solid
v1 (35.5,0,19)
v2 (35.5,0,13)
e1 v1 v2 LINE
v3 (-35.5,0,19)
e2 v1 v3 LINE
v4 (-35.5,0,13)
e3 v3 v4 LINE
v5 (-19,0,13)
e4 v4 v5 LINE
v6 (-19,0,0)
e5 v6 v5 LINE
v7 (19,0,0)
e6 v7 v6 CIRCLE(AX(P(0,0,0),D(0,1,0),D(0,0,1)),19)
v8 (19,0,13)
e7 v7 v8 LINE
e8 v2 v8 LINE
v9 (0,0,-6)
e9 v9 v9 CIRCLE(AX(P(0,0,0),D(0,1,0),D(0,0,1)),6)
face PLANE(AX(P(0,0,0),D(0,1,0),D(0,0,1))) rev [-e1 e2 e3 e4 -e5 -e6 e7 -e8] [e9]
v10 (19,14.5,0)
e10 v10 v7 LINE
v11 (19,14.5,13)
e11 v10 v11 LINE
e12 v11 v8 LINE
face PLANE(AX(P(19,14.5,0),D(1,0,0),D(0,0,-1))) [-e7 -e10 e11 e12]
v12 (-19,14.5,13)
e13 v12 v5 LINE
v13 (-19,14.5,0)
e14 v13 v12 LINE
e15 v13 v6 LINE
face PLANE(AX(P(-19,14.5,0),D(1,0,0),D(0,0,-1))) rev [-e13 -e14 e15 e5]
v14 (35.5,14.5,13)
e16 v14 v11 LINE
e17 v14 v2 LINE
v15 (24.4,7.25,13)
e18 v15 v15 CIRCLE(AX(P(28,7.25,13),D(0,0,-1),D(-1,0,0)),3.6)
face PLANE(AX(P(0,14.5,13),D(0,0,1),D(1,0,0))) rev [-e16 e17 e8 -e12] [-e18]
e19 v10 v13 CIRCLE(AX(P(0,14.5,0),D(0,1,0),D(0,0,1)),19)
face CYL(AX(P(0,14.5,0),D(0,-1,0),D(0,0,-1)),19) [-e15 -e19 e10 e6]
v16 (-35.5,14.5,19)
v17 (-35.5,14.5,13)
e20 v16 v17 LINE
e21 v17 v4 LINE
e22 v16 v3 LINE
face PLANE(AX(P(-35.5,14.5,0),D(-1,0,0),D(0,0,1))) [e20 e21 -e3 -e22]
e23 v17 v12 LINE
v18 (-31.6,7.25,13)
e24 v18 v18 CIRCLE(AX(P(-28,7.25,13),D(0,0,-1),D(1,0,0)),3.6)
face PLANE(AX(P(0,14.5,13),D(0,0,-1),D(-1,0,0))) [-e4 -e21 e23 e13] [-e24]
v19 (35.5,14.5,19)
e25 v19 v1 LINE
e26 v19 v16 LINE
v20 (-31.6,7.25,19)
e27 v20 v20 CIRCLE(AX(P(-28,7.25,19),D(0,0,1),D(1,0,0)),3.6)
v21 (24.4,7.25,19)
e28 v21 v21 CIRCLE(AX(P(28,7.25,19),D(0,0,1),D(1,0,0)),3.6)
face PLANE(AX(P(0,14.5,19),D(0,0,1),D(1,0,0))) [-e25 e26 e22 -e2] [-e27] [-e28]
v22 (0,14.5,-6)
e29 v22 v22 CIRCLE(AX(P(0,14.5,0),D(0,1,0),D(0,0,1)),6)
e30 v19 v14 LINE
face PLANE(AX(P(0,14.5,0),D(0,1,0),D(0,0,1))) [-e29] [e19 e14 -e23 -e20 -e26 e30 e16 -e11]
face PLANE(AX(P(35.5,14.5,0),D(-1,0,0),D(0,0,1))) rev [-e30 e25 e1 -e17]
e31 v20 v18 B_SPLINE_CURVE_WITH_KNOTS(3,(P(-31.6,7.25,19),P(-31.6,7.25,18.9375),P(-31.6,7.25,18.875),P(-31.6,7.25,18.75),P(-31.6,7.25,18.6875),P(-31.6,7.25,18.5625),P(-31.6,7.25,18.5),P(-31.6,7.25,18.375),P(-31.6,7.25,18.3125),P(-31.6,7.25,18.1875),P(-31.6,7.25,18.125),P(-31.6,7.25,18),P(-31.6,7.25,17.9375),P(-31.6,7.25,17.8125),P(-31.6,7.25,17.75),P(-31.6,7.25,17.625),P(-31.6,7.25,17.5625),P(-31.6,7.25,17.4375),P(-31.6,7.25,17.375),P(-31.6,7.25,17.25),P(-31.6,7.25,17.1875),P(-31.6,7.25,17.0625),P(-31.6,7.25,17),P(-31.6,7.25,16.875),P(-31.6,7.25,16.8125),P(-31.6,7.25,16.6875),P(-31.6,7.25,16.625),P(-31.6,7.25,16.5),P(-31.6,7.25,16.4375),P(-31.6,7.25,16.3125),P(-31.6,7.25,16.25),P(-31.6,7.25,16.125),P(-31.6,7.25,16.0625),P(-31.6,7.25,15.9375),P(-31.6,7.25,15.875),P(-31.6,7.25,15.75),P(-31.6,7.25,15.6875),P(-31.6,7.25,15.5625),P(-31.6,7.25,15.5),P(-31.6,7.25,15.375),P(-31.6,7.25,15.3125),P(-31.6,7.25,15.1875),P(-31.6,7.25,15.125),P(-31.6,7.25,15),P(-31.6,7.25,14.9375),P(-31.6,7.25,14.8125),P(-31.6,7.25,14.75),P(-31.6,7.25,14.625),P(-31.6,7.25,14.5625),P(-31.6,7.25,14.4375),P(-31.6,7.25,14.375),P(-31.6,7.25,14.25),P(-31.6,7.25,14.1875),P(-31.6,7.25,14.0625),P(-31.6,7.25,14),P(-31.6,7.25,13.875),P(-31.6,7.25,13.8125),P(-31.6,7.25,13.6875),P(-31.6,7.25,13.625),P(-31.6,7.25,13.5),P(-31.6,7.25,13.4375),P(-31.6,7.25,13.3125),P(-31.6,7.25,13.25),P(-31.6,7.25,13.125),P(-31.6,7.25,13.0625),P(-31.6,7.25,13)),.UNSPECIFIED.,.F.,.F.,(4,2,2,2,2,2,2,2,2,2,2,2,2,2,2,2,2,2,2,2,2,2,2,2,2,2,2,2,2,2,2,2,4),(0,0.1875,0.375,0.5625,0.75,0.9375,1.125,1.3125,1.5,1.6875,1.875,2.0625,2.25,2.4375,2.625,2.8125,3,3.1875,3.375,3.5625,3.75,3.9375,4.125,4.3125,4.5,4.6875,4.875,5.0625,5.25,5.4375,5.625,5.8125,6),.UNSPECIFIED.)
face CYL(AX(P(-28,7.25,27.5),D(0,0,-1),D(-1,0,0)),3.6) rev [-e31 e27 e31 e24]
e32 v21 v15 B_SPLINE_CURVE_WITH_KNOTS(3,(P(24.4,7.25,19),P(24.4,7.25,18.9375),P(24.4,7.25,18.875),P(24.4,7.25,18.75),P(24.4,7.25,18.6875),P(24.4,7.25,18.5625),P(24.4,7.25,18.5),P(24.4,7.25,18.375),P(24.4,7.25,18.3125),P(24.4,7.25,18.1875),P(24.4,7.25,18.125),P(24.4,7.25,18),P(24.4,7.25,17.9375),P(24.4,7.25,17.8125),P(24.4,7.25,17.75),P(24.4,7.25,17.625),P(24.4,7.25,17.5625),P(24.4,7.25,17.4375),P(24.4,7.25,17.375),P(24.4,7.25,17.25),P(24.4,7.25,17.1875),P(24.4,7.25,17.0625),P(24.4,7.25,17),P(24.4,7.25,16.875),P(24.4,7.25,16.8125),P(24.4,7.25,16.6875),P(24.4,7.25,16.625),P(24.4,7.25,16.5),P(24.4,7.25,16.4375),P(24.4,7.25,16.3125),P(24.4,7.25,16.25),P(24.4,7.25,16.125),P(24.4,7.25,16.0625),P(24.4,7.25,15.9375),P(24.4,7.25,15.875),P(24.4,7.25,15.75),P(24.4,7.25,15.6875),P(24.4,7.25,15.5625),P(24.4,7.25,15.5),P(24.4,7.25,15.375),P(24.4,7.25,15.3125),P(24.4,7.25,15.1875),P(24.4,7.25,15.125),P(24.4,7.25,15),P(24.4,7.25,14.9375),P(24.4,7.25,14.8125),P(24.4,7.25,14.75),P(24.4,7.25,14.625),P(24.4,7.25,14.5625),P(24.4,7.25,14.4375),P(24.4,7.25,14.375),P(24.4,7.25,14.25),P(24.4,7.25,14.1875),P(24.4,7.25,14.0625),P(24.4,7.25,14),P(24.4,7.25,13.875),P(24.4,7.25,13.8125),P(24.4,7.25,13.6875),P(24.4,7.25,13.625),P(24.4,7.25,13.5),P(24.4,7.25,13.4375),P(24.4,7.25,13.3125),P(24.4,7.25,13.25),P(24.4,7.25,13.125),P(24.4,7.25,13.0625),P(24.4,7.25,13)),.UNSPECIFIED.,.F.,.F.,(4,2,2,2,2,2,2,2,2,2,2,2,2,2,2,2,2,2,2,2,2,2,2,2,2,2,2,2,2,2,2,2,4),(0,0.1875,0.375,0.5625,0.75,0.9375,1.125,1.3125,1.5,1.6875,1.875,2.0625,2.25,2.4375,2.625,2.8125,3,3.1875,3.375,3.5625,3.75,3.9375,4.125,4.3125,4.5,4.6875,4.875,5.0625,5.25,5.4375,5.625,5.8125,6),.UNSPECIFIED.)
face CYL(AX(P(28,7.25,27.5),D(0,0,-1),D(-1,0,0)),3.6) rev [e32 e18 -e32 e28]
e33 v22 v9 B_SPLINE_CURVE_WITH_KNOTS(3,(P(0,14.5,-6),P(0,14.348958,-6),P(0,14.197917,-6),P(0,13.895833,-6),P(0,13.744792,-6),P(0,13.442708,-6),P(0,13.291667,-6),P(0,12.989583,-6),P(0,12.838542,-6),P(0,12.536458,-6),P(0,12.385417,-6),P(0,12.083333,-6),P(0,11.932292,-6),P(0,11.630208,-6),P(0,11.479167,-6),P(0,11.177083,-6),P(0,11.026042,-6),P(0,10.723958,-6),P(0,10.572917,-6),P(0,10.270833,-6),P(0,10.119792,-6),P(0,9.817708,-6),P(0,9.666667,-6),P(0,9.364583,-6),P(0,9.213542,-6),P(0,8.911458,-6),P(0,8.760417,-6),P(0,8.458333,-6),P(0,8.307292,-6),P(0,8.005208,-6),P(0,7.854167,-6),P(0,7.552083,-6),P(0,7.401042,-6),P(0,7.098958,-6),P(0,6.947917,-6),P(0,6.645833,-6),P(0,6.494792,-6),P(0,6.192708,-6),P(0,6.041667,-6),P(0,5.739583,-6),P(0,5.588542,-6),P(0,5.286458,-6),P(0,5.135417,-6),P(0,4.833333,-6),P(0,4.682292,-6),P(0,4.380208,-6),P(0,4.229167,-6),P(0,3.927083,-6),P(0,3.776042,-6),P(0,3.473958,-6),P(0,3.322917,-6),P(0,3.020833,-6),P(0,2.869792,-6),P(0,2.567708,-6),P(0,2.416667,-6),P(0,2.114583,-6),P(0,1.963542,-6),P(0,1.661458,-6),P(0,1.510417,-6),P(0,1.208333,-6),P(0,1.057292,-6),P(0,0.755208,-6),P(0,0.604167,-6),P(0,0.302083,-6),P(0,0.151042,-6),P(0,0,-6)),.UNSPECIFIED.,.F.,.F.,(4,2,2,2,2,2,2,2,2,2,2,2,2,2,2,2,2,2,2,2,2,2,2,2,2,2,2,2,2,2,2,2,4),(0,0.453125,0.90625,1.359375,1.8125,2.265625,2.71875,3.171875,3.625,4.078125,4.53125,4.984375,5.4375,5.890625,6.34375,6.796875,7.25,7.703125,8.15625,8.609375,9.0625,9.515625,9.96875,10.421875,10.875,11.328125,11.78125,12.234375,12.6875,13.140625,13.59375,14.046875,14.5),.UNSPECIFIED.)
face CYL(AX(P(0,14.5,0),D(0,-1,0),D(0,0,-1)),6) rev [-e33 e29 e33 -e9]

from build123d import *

# Parameters (mm, degrees)
EXTRUDE_2_DEPTH     = 14.5
SKETCH_2_R          = 3.6
CUT_EXTRUDE_1_DEPTH = 14.5


with BuildPart() as part:
    # 草图1 → 凸台-拉伸2 (new body)
    with BuildSketch(Plane(origin=(0, 0, 0), x_dir=(1, 0, 0), z_dir=(0, 1, 0))):
        with BuildLine():
            ThreePointArc((-13.856406461, -13), (-7.549834433, -17.435595775), (5e-09, -19))
            Line((0, -19), (0, -6))
            ThreePointArc((0, -6), (-6, 0), (0, 6))
            Line((0, 6), (0, 19))
            ThreePointArc((0, 19), (-13.435028843, 13.435028843), (-19, 0))
            ThreePointArc((-19, 0), (-17.667367132, -6.99028888), (-13.856406461, -13))
        make_face()
        with BuildLine():
            Line((0, -6), (0, -19))
            ThreePointArc((5e-09, -19), (7.549834438, -17.435595773), (13.856406461, -13))
            ThreePointArc((13.856406461, -13), (17.667367132, -6.99028888), (19, 0))
            ThreePointArc((19, 0), (13.435028843, 13.435028843), (0, 19))
            Line((0, 19), (0, 6))
            ThreePointArc((0, 6), (4.242640687, 4.242640687), (6, 0))
            ThreePointArc((6, 0), (4.242640687, -4.242640687), (0, -6))
        make_face()
        with BuildLine():
            Line((-19, -13), (-13.856406461, -13))
            ThreePointArc((-13.856406461, -13), (-17.667367132, -6.99028888), (-19, 0))
            Line((-19, 0), (-19, -13))
        make_face()
        with BuildLine():
            ThreePointArc((19, 0), (17.667367132, -6.99028888), (13.856406461, -13))
            Line((13.856406461, -13), (19, -13))
            Line((19, -13), (19, 0))
        make_face()
        with BuildLine():
            Line((5e-09, -19), (35.5, -19))
            Line((35.5, -19), (35.5, -13))
            Line((35.5, -13), (19, -13))
            Line((19, -13), (13.856406461, -13))
            ThreePointArc((13.856406461, -13), (7.549834438, -17.435595773), (5e-09, -19))
        make_face()
        with BuildLine():
            Line((-35.5, -19), (5e-09, -19))
            ThreePointArc((5e-09, -19), (-7.549834433, -17.435595775), (-13.856406461, -13))
            Line((-13.856406461, -13), (-19, -13))
            Line((-19, -13), (-35.5, -13))
            Line((-35.5, -13), (-35.5, -19))
        make_face()
    extrude(amount=EXTRUDE_2_DEPTH)

    # 草图2 → 切除-拉伸1 (cut)
    with BuildSketch(Plane(origin=(0, 0, 13), x_dir=(-1, 0, 0), z_dir=(0, 0, -1))):
        with Locations((-28, 7.25)):
            Circle(SKETCH_2_R)
        with Locations((28, 7.25)):
            Circle(SKETCH_2_R)
    extrude(amount=-CUT_EXTRUDE_1_DEPTH, mode=Mode.SUBTRACT)


solid = part.part
